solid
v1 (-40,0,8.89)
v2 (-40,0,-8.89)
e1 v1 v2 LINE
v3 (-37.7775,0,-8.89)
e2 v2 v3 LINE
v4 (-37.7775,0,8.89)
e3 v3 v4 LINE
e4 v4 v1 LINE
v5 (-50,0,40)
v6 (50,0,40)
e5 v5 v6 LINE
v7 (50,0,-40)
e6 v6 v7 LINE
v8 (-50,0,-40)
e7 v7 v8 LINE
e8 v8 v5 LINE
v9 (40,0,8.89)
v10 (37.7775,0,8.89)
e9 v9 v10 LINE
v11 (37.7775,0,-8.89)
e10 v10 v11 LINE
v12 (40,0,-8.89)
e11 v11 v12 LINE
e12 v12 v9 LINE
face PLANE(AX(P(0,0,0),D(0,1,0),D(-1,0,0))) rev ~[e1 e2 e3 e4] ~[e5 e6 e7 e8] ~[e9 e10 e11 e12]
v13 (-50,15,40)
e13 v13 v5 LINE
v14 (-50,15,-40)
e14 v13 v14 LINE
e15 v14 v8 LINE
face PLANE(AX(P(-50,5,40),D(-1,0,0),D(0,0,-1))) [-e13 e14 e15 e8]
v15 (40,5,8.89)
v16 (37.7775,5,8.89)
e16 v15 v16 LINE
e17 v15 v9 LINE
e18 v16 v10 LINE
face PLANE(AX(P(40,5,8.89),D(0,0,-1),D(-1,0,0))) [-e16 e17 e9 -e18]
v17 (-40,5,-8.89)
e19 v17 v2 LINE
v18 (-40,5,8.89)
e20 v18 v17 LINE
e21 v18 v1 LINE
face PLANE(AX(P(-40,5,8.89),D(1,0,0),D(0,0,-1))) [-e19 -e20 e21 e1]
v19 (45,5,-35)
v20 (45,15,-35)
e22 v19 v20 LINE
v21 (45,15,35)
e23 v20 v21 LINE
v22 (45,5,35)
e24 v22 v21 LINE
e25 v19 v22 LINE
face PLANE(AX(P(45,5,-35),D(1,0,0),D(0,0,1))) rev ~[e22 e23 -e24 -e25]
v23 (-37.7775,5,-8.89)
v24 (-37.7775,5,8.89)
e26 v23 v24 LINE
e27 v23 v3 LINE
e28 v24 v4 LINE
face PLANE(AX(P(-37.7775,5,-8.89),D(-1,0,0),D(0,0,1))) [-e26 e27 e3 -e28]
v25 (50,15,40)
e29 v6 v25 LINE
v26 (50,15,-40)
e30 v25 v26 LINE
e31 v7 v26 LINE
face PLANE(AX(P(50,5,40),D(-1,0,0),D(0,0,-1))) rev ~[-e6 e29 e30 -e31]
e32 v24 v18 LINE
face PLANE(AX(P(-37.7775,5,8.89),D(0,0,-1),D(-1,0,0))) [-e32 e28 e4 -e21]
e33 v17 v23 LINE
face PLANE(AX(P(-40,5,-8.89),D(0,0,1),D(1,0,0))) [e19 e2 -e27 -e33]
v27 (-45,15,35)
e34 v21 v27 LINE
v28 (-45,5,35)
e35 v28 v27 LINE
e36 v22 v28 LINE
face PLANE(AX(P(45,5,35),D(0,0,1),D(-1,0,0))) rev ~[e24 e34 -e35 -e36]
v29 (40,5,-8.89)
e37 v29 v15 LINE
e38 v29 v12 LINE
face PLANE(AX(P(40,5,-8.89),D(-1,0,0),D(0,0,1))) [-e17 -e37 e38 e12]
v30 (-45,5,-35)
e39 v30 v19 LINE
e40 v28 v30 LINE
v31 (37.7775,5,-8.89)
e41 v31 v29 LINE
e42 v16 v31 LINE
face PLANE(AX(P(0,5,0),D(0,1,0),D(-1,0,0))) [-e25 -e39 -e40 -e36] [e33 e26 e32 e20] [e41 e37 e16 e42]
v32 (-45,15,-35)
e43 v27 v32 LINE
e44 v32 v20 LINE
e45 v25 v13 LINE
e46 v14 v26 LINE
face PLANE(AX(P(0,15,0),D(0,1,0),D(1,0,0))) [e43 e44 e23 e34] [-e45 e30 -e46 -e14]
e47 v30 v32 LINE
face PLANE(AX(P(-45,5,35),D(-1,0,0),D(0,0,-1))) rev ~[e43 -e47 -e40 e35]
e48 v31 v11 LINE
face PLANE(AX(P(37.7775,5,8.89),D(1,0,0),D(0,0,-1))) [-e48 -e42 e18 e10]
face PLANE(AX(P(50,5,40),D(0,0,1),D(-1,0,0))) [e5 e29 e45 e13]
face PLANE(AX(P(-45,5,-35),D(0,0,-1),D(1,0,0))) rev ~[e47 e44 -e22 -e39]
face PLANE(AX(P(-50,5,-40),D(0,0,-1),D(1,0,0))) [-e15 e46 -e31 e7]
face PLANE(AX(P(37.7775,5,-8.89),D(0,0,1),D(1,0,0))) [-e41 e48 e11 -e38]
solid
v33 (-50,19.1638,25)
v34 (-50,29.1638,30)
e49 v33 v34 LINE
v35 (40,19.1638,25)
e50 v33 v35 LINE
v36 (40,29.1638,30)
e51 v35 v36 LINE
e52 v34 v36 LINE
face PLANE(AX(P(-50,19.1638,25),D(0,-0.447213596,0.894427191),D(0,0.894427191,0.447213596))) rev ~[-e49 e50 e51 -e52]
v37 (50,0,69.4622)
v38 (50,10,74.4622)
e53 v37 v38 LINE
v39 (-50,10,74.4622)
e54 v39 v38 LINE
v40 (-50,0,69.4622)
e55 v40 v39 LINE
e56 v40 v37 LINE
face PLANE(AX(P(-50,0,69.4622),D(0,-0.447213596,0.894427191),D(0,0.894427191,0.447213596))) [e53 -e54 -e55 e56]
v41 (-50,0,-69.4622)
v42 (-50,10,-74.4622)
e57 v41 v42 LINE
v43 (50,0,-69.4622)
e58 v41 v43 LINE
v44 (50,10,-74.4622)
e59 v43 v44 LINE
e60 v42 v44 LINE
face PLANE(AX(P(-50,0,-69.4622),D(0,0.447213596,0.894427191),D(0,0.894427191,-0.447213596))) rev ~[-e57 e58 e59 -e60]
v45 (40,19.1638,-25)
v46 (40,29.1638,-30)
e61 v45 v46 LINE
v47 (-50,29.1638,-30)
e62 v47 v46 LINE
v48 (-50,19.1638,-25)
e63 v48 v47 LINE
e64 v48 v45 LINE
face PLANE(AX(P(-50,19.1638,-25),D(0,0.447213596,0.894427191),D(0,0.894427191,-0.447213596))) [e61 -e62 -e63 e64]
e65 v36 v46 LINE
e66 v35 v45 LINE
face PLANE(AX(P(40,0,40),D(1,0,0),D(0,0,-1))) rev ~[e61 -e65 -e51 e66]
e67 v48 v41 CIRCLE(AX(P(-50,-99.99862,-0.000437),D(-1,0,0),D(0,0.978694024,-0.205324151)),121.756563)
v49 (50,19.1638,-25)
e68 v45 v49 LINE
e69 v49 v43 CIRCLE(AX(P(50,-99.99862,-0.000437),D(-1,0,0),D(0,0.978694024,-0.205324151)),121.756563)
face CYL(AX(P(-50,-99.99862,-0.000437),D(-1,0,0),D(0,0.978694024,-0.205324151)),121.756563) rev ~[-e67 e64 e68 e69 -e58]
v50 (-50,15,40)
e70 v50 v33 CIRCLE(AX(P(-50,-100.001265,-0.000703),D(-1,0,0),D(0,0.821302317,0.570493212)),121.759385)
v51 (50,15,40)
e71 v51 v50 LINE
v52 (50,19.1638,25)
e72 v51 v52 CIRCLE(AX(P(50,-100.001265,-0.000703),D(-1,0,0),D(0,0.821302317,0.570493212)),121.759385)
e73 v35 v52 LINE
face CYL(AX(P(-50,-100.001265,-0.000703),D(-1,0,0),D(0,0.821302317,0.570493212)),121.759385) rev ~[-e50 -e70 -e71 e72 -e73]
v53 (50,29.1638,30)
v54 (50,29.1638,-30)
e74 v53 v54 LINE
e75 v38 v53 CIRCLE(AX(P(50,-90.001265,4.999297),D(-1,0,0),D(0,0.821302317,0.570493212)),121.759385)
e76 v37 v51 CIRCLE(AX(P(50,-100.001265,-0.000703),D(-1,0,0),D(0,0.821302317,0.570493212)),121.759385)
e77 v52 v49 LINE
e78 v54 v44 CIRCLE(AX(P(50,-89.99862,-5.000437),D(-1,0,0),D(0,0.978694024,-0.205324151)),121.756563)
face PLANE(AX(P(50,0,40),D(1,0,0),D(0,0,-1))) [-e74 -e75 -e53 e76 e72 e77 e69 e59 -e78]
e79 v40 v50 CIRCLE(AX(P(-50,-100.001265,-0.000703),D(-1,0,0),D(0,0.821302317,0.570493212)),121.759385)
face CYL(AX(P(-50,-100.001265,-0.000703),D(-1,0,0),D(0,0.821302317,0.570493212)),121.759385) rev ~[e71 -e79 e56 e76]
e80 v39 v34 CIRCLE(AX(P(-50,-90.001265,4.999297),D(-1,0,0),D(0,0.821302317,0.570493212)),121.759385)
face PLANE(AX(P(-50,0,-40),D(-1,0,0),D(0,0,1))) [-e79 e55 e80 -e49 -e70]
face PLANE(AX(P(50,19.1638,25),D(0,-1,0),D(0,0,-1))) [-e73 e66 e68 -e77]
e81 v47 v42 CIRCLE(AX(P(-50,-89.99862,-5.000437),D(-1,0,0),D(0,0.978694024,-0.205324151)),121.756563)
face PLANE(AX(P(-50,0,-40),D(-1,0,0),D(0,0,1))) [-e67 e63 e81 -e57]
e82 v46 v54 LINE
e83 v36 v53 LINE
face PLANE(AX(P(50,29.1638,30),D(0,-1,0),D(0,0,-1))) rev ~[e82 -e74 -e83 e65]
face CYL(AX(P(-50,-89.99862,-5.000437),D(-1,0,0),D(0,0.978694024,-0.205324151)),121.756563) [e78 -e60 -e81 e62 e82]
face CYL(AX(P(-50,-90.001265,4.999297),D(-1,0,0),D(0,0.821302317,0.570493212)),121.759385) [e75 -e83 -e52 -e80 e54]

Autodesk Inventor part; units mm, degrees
ref_plane "YZ Plane" through (0, 0, 0) normal (1, 0, 0) x (0, 1, 0)
ref_plane "XZ Plane" through (0, 0, 0) normal (0, 1, 0) x (-1, 0, 0)
ref_plane "XY Plane" through (0, 0, 0) normal (0, 0, 1) x (1, 0, 0)
sketch "Sketch1" plane through (0, 0, 0) normal (0, 1, 0) x (-1, 0, 0)
  line L0 (50, 40) -> (-50, 40)
  line L1 (-50, 40) -> (-50, -40)
  line L2 (-50, -40) -> (50, -40)
  line L3 (50, -40) -> (50, 40)
  point P0 (0, 0)
  dimension "d0" = 40
  dimension "d1" = 80
  dimension "d2" = 100
  dimension "d3" = 50
extrude "Extrusion1" add sketch "Sketch1" along normal blind 5
sketch "Sketch2" plane through (0, 5, 0) normal (0, 1, 0) x (1, 0, 0)
  line L0 (40, -8.89) -> (37.7775, -8.89)
  line L1 (37.7775, -8.89) -> (37.7775, 8.89)
  line L2 (37.7775, 8.89) -> (40, 8.89)
  line L3 (40, 8.89) -> (40, -8.89)
  line L4 (50, -40) -> (50, 40) projected
  point P0 (0, 0)
  point P1 (38.8888, -8.89)
  point P2 (38.8887, 8.89)
  point P3 (50, 0)
  point P4 (40, 0)
  dimension "d6" = 17.78
  dimension "d7" = 8.89
  dimension "d8" = 10
  dimension "d9" = 2.2225
extrude "Extrusion2" cut sketch "Sketch2" against normal through all
sketch "Sketch3" plane through (0, 5, 0) normal (0, 1, 0) x (1, 0, 0)
  line L0 (-37.7775, -8.89) -> (-40, -8.89)
  line L1 (-40, -8.89) -> (-40, 8.89)
  line L2 (-40, 8.89) -> (-37.7775, 8.89)
  line L3 (-37.7775, 8.89) -> (-37.7775, -8.89)
  line L4 (-50, 40) -> (-50, -40) projected
  point P0 (0, 0)
  point P1 (-38.8887, -8.89)
  point P2 (-38.8887, 8.89)
  point P3 (-40, 0)
  dimension "d12" = 2.2225
  dimension "d13" = 8.89
  dimension "d14" = 17.78
  dimension "d15" = 10
extrude "Extrusion3" cut sketch "Sketch3" against normal through all
sketch "Sketch4" plane through (0, 5, 0) normal (0, 1, 0) x (1, 0, 0)
  line L0 (50, -40) -> (50, 40) projected
  line L1 (45, -35) -> (-45, -35)
  line L2 (-45, -35) -> (-45, 35)
  line L3 (-45, 35) -> (45, 35)
  line L4 (45, 35) -> (45, -35)
  line L5 (50, -40) -> (-50, -40)
  line L6 (-50, -40) -> (-50, 40)
  line L7 (-50, 40) -> (50, 40)
  line L8 (50, 40) -> (50, -40)
  dimension "d19" = 5
  dimension "d20" = 5
  dimension "d21" = 5
  dimension "d22" = 5
extrude "Extrusion4" add sketch "Sketch4" along normal blind 10
sketch "Sketch5" plane through (-50, 0, -40) normal (-1, 0, 0) x (0, 0, 1)
  line L0 (0, 0) -> (80, 0) projected
  line L1 (75, 15) -> (5, 15) projected
  arc A0 (109.4622, 0) -> (65, 19.1638) centre (40, -100) ccw
  arc A1 (15, 19.1638) -> (-29.4622, 0) centre (40, -100) ccw
  line L2 (15, 19.1638) -> (10, 29.1638)
  arc A2 (10, 29.1638) -> (-34.4622, 10) centre (35, -90) ccw
  line L3 (-29.4622, 0) -> (-34.4622, 10)
  arc A3 (114.4622, 10) -> (70, 29.1638) centre (45, -90) ccw
  line L4 (65, 19.1638) -> (70, 29.1638)
  line L5 (109.4622, 0) -> (114.4622, 10)
  point P0 (40, 0)
  point P1 (80, -100)
  point P2 (80, 15)
  point P3 (0, 15)
  point P4 (-5, 25)
  point P5 (85, 25)
  dimension "d25" = 100
  dimension "d26" = 100
  dimension "d27" = 15
  dimension "d28" = 15
  dimension "d29" = 15
  dimension "d30" = 10
  dimension "d31" = 5
  dimension "d32" = 5
  dimension "d33" = 15
  dimension "d34" = 10
  dimension "d35" = 10
  dimension "d36" = 10
  dimension "d37" = 10
  dimension "d38" = 5
extrude "Extrusion5" add sketch "Sketch5" against normal blind 100
sketch "Sketch6" plane through (50, 0, 40) normal (1, 0, 0) x (0, 0, -1)
  arc A0 (114.4622, 10) -> (70, 29.1638) centre (45, -90) ccw projected
  line L0 (10, 29.1638) -> (70, 29.1638)
  arc A1 (80, 15) -> (65, 19.1638) centre (40, -100) ccw projected
  line L1 (15, 19.1638) -> (65, 19.1638)
  line L2 (65, 19.1638) -> (70, 29.1638)
  line L3 (15, 19.1638) -> (10, 29.1638)
  point P0 (40, 0)
extrude "Extrusion6" add sketch "Sketch6" against normal blind 10
